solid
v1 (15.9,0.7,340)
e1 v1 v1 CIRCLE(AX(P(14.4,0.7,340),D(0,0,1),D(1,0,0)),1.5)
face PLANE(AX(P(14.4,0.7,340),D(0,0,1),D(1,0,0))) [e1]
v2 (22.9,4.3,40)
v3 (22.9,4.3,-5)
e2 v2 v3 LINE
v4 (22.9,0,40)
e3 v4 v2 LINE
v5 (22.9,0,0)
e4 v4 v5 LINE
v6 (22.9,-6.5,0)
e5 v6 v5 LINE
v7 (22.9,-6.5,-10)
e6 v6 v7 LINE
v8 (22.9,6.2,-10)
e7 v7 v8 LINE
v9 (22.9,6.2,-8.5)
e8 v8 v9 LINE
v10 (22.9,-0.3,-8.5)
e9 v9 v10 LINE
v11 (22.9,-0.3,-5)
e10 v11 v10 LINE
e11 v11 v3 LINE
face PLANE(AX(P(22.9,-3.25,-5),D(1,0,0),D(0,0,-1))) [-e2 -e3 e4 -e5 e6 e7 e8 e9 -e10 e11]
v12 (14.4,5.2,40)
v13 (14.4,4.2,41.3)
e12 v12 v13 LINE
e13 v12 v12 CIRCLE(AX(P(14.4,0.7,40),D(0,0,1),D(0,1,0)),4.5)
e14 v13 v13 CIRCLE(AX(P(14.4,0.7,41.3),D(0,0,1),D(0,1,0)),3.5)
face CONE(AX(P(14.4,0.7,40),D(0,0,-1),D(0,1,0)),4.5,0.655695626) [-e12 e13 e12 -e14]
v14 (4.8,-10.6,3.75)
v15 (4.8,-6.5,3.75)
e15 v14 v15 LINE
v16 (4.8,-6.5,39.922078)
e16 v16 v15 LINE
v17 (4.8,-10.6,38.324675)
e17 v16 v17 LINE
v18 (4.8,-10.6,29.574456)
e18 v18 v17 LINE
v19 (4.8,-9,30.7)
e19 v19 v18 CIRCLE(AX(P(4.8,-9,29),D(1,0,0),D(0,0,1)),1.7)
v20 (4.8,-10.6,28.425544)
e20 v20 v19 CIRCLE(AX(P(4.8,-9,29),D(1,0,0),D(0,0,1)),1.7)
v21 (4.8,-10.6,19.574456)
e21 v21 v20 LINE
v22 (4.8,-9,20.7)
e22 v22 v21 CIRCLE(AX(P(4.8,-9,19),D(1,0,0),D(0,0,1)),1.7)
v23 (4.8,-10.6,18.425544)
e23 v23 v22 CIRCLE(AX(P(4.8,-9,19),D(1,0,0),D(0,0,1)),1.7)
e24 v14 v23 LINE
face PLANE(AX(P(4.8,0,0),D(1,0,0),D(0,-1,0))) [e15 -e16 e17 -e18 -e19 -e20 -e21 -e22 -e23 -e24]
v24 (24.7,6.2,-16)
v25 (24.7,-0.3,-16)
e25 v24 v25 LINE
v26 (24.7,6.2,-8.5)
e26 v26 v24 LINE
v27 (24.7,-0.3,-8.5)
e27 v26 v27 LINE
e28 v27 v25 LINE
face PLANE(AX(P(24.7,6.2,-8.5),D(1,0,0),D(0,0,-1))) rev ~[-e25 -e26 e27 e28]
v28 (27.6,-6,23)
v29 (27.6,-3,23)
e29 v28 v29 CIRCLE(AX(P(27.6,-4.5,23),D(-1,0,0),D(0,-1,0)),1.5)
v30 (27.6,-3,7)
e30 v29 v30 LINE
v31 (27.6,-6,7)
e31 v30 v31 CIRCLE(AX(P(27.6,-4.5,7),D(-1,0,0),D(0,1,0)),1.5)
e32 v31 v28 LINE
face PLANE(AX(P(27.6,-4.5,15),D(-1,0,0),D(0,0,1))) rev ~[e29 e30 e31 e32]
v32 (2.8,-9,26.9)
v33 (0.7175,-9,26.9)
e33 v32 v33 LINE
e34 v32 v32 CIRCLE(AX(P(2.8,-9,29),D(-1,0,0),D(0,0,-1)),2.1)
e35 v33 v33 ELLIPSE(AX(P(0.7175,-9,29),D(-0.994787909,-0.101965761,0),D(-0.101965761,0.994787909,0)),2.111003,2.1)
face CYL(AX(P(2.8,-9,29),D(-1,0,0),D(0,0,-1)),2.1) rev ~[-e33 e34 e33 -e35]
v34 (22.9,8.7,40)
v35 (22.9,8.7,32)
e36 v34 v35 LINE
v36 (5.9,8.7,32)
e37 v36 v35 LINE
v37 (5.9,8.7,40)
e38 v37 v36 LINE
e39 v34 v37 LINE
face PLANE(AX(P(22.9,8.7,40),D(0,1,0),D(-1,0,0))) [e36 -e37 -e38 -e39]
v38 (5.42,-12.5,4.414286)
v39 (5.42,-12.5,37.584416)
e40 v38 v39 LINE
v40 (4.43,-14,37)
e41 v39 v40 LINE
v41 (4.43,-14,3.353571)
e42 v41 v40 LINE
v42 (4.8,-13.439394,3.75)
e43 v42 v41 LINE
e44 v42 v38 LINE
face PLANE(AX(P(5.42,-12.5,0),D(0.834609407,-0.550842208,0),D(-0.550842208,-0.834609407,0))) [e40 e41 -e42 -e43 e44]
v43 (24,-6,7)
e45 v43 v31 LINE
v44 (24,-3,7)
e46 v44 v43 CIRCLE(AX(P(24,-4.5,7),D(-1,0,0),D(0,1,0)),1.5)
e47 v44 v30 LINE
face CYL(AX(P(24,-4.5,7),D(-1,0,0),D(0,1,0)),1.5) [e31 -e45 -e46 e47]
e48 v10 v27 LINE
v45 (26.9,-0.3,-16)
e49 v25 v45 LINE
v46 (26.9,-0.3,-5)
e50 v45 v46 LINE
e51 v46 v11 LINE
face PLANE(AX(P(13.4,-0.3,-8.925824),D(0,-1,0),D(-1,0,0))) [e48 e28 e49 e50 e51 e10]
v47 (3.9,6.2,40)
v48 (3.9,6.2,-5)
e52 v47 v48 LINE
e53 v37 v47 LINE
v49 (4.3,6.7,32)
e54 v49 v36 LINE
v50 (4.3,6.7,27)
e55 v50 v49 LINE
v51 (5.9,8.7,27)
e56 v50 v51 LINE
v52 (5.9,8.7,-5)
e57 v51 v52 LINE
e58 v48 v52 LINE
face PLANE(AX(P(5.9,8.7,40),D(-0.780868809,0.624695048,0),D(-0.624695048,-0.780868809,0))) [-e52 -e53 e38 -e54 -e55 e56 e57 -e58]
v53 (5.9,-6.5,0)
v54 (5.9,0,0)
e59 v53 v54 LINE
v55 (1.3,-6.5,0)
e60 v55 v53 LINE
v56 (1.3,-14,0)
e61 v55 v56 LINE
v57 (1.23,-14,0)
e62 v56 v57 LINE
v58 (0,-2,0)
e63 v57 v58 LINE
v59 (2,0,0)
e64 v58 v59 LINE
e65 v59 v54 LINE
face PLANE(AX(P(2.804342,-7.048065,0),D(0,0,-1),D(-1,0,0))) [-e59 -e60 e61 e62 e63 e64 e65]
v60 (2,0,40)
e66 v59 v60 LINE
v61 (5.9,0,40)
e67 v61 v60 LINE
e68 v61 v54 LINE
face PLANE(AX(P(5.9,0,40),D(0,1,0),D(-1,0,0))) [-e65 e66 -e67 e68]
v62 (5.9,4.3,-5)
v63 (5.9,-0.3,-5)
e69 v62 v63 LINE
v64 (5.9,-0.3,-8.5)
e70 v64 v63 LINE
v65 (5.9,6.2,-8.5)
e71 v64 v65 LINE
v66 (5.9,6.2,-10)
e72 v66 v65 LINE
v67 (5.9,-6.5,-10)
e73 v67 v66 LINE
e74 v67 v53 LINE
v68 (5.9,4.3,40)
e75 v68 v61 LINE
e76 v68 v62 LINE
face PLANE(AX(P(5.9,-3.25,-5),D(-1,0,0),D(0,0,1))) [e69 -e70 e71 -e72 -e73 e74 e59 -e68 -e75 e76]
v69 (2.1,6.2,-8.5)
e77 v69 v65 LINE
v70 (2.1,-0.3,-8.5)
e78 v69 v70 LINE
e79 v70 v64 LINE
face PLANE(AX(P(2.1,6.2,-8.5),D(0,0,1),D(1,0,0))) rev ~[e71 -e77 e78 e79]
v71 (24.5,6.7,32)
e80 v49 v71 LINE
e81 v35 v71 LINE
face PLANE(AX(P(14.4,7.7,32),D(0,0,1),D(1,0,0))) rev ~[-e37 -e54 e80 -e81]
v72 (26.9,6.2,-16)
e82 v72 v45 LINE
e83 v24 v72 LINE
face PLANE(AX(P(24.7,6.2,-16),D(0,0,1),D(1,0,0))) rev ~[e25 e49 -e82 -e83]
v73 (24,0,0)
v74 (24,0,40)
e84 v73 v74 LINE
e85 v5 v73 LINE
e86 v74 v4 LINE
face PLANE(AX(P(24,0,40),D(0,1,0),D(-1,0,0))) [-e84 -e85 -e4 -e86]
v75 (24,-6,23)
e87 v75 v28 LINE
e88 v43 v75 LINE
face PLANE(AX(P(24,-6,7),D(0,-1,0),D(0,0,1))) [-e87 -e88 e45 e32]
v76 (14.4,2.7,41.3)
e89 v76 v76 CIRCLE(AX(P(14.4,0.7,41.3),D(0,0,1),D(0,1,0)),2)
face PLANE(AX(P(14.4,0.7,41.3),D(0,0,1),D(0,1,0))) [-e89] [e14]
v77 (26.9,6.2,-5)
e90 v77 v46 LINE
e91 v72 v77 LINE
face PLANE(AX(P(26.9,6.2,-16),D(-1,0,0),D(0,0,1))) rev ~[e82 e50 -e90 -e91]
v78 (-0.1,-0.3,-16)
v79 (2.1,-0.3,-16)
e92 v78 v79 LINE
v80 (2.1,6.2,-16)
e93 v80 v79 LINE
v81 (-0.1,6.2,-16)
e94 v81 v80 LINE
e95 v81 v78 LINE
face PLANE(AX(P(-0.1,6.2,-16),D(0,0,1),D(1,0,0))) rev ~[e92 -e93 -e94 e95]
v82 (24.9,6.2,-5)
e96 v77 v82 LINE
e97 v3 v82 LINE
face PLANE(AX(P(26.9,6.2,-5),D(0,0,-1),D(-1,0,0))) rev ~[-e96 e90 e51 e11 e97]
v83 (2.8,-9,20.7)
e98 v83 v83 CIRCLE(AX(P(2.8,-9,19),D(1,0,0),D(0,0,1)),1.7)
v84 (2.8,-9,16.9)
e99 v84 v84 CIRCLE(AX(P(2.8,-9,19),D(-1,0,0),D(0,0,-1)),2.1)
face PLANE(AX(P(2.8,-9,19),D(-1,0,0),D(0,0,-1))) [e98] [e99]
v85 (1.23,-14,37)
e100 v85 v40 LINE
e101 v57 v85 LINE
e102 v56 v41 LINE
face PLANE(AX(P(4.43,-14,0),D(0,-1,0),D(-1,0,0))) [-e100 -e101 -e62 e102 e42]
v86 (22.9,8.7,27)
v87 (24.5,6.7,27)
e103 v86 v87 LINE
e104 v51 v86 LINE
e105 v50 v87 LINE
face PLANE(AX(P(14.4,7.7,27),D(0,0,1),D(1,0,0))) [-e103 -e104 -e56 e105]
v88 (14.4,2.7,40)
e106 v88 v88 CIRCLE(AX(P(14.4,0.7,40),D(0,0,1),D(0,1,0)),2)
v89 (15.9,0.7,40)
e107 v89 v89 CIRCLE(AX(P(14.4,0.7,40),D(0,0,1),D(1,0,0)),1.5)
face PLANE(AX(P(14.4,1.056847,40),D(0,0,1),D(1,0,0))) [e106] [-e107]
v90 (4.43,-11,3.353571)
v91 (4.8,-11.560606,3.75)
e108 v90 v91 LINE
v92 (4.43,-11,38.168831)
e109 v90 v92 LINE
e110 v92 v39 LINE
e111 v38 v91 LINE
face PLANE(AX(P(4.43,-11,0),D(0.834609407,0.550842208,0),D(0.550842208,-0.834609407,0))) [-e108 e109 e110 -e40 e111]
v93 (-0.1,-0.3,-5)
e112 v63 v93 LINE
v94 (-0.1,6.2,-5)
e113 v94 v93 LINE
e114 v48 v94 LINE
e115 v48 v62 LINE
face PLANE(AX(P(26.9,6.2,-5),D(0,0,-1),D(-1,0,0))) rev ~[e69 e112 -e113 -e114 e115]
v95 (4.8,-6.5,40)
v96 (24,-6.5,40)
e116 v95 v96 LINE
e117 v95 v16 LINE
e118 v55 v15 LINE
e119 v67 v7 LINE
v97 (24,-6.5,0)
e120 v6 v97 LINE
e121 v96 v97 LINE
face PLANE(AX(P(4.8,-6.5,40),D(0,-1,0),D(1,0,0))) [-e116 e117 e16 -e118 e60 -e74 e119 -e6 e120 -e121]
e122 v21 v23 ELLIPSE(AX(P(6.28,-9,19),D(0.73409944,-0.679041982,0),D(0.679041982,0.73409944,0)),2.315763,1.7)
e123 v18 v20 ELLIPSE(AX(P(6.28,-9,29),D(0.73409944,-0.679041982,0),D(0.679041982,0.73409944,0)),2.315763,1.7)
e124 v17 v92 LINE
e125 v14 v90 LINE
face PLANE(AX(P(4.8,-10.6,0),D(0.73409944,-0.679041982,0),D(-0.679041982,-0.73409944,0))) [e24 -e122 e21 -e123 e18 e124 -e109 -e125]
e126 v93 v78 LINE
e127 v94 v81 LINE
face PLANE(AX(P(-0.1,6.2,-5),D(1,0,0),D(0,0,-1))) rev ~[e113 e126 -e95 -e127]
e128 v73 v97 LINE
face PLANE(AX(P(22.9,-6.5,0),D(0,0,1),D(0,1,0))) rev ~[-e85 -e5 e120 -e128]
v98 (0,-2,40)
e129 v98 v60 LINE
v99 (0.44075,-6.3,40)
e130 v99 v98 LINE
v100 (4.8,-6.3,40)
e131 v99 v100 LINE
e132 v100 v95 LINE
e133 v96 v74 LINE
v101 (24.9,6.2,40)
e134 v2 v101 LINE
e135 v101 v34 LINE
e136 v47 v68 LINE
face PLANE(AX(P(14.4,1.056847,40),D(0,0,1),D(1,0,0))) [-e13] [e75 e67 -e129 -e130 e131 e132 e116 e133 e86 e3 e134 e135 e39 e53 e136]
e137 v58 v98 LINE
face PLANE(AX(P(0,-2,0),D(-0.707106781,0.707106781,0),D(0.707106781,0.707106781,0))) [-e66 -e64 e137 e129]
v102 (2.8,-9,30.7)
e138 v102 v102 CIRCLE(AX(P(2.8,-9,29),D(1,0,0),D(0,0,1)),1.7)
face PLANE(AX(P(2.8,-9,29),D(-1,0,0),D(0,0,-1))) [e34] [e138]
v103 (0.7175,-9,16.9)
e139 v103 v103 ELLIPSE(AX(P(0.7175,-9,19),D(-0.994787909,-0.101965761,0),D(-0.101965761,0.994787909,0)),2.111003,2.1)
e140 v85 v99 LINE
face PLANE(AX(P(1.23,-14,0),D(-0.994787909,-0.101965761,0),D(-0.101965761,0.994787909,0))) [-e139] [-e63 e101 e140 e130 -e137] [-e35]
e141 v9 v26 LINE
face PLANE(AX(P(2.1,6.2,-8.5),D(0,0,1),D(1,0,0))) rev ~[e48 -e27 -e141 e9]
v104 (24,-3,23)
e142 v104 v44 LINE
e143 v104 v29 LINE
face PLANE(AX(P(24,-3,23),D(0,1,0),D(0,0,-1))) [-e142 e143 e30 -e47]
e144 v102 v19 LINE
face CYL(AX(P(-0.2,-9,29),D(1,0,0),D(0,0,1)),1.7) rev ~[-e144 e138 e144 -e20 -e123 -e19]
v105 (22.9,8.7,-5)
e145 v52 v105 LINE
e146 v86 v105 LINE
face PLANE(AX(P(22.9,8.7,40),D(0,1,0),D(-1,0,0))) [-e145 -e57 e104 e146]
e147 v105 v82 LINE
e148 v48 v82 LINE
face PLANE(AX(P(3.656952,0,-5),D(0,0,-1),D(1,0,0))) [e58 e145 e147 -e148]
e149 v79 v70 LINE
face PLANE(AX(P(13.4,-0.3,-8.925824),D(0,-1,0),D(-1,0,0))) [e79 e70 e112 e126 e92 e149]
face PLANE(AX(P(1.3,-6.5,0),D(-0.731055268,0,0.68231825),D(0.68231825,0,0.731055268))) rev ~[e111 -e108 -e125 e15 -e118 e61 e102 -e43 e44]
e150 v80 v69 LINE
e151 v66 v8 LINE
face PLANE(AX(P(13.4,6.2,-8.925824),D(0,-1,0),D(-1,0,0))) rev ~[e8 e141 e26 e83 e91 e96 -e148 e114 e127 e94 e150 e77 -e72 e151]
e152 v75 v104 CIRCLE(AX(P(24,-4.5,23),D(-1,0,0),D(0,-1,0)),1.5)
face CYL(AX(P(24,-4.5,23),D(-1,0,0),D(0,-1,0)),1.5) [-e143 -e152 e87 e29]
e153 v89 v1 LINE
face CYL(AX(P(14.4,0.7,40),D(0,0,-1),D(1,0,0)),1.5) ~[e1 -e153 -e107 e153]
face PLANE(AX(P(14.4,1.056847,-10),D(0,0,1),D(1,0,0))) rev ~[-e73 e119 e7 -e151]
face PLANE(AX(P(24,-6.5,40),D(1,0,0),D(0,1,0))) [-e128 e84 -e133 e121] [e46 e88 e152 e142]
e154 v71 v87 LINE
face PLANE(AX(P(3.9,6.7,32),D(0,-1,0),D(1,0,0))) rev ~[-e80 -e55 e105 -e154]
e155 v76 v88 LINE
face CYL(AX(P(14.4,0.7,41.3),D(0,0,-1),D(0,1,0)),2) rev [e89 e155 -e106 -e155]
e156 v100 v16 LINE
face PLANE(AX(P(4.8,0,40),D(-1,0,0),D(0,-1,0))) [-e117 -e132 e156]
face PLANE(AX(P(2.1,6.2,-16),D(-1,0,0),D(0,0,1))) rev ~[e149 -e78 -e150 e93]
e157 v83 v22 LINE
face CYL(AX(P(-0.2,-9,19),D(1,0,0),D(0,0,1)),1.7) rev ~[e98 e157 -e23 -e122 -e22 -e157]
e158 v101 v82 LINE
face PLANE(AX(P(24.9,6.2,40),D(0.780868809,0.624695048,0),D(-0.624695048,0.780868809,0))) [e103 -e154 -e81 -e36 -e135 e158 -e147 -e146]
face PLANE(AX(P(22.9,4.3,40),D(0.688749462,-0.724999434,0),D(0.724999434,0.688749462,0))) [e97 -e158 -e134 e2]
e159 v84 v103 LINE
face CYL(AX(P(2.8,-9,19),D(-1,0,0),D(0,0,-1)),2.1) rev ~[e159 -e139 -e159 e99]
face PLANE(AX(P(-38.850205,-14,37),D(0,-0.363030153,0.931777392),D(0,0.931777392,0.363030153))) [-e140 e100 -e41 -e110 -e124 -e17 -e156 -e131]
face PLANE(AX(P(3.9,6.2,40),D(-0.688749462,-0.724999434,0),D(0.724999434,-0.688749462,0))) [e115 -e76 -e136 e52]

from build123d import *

# Parameters (mm, degrees)
BOSS_EXTRU_1_DEPTH                                 = 40
ENL_V_MAT_EXTRU_1_DEPTH                            = 43.650205158
ENL_V_MAT_EXTRU_1_DEPTH_BACK                       = 43.650205158
ENL_V_MAT_EXTRU_3_DEPTH                            = 40
CHAMBRAGE_POUR_VIS_T_TE_HEXAGONALE_M31_D           = 3.4
CHAMBRAGE_POUR_VIS_T_TE_HEXAGONALE_M31_CBORE_D     = 4.2
CHAMBRAGE_POUR_VIS_T_TE_HEXAGONALE_M31_CBORE_DEPTH = 3
ESQUISSE6_W                                        = 7.050171065
ESQUISSE6_H                                        = 7.359112957
ENL_V_MAT_EXTRU_4_DEPTH                            = 10
BOSS_EXTRU_2_DEPTH                                 = 50
ESQUISSE9_W                                        = 5
ESQUISSE9_H                                        = 2.5
ENL_V_MAT_EXTRU_5_DEPTH                            = 51.216531143
ESQUISSE11_W                                       = 2
ESQUISSE11_H                                       = 5
ESQUISSE11_W_2                                     = 2.243048
ENL_V_MAT_EXTRU_6_DEPTH                            = 10
ESQUISSE13_W                                       = 10
ESQUISSE13_H                                       = 6.5
ENL_V_MAT_EXTRU_7_DEPTH                            = 6.5
ESQUISSE14_W                                       = 10
ESQUISSE14_H                                       = 6.5
ENL_V_MAT_EXTRU_8_DEPTH                            = 6.5
BOSS_EXTRU_3_DEPTH                                 = 6.5
ESQUISSE15_W                                       = 21
ESQUISSE15_H                                       = 2
ENL_V_MAT_EXTRU_9_DEPTH                            = 5
BOSS_EXTRU_4_DEPTH                                 = 3.6
ESQUISSE17_R                                       = 1.5
BOSS_EXTRU_5_DEPTH                                 = 300


with BuildPart() as part:
    # Esquisse1 → Boss.-Extru.1 (new body)
    with BuildSketch(Plane.XY):
        Polygon((0, -2), (2, 0), (4.8, 0), (4.8, -10.6), (4.43, -11), (5.42, -12.5), (4.43, -14), (1.23, -14), align=None)
    extrude(amount=BOSS_EXTRU_1_DEPTH)

    # Esquisse2 → Enlèv. mat.-Extru.1 (cut, two sides: drawn at the far end of the back side and taken through both)
    with BuildSketch(Plane(origin=(4.8, 0, 0), x_dir=(0, 0, -1), z_dir=(1, 0, 0)).offset(-ENL_V_MAT_EXTRU_1_DEPTH_BACK)):
        Polygon((-37, -14), (-40, -6.3), (-40, -14), align=None)
    extrude(amount=ENL_V_MAT_EXTRU_1_DEPTH + ENL_V_MAT_EXTRU_1_DEPTH_BACK, mode=Mode.SUBTRACT)

    # Esquisse3 → Enlèv. mat.-Extru.3 (cut)
    with BuildSketch(Plane(origin=(0, -6.5, 0), x_dir=(-1, 0, 0), z_dir=(0, 1, 0))):
        Polygon((-5.706792822, 0), (-1.3, 0), (-4.8, 3.75), (-5.706792822, 3.75), align=None)
    extrude(amount=-ENL_V_MAT_EXTRU_3_DEPTH, mode=Mode.SUBTRACT)

    # Chambrage pour vis à tête hexagonale M31 (through all)
    with Locations(Plane(origin=(-0.2, 2.258699511, 74.572212386), x_dir=(0, 0, -1), z_dir=(-1, 0, 0))):
        with Locations((55.572212386, 11.258699511), (45.572212386, 11.258699511)):
            CounterBoreHole(CHAMBRAGE_POUR_VIS_T_TE_HEXAGONALE_M31_D / 2, CHAMBRAGE_POUR_VIS_T_TE_HEXAGONALE_M31_CBORE_D / 2, CHAMBRAGE_POUR_VIS_T_TE_HEXAGONALE_M31_CBORE_DEPTH)

    # Esquisse6 → Enlèv. mat.-Extru.4 (cut)
    with BuildSketch(Plane(origin=(0.694774347, 0, -0.648456057), x_dir=(-0.6823182503600115, 0, -0.7310552682428687), z_dir=(0.7310552682428687, 0, -0.6823182503600115))):
        with Locations((-6.596251813, -11.630248497)):
            Rectangle(ESQUISSE6_W, ESQUISSE6_H)
    extrude(amount=ENL_V_MAT_EXTRU_4_DEPTH, mode=Mode.SUBTRACT)

    # Esquisse7 → Boss.-Extru.2 (add)
    with BuildSketch(Plane.XY.offset(40)):
        Polygon((4.8, -6.5), (24, -6.5), (24, 0), (22.9, 0), (22.9, 4.3), (24.9, 6.2), (22.9, 8.7), (5.9, 8.7), (3.9, 6.2), (5.9, 4.3), (5.9, 0), (4.8, 0), align=None)
    extrude(amount=-BOSS_EXTRU_2_DEPTH)

    # Esquisse8 → Révolution1 (revolve)
    with BuildSketch(Plane(origin=(14.4, 0, 0), x_dir=(0, 0, -1), z_dir=(1, 0, 0))):
        Polygon((-40, 5.2), (-41.3, 4.2), (-41.3, 2.7), (-40, 2.7), align=None)
    revolve(axis=Axis((14.4, 0.7, 31.308149913), (0, 0, 1)))

    # Esquisse9 → Enlèv. mat.-Extru.5 (cut, through all)
    with BuildSketch(Plane(origin=(0, 0, 0), x_dir=(0, 0, -1), z_dir=(1, 0, 0))):
        with Locations((7.5, 7.45)):
            Rectangle(ESQUISSE9_W, ESQUISSE9_H)
    extrude(amount=ENL_V_MAT_EXTRU_5_DEPTH, mode=Mode.SUBTRACT)

    # Esquisse11 → Enlèv. mat.-Extru.6 (cut)
    with BuildSketch(Plane(origin=(0, 0, 0), x_dir=(1, 0, 0), z_dir=(0, 1, 0))):
        with Locations((23.9, 7.5)):
            Rectangle(ESQUISSE11_W, ESQUISSE11_H)
        with Locations((4.778476, 7.5)):
            Rectangle(ESQUISSE11_W_2, ESQUISSE11_H)
    extrude(amount=ENL_V_MAT_EXTRU_6_DEPTH, mode=Mode.SUBTRACT)

    # Esquisse13 → Enlèv. mat.-Extru.7 (cut)
    with BuildSketch(Plane.ZY.offset(-5.9)):
        with Locations((-5, -3.25)):
            Rectangle(ESQUISSE13_W, ESQUISSE13_H)
    extrude(amount=ENL_V_MAT_EXTRU_7_DEPTH, mode=Mode.SUBTRACT)

    # Esquisse14 → Enlèv. mat.-Extru.8 (cut)
    with BuildSketch(Plane(origin=(22.9, 0, 0), x_dir=(0, 0, -1), z_dir=(1, 0, 0))):
        with Locations((5, -3.25)):
            Rectangle(ESQUISSE14_W, ESQUISSE14_H)
    extrude(amount=ENL_V_MAT_EXTRU_8_DEPTH, mode=Mode.SUBTRACT)

    # Esquisse10 → Boss.-Extru.3 (add)
    with BuildSketch(Plane(origin=(0, 6.2, 0), x_dir=(1, 0, 0), z_dir=(0, 1, 0))):
        Polygon((26.9, 5), (-0.1, 5), (-0.1, 16), (2.1, 16), (2.1, 8.5), (24.7, 8.5), (24.7, 16), (26.9, 16), align=None)
    extrude(amount=-BOSS_EXTRU_3_DEPTH)

    # Esquisse15 → Enlèv. mat.-Extru.9 (cut)
    with BuildSketch(Plane.XY.offset(32)):
        with Locations((14.4, 7.7)):
            Rectangle(ESQUISSE15_W, ESQUISSE15_H)
    extrude(amount=-ENL_V_MAT_EXTRU_9_DEPTH, mode=Mode.SUBTRACT)

    # Esquisse16 → Boss.-Extru.4 (add)
    with BuildSketch(Plane(origin=(24, 0, 0), x_dir=(0, 0, -1), z_dir=(1, 0, 0))):
        with BuildLine():
            Line((-7, -6), (-23, -6))
            ThreePointArc((-23, -6), (-24.5, -4.5), (-23, -3))
            Line((-23, -3), (-7, -3))
            ThreePointArc((-7, -3), (-5.5, -4.5), (-7, -6))
        make_face()
    extrude(amount=BOSS_EXTRU_4_DEPTH)

    # Esquisse17 → Boss.-Extru.5 (add)
    with BuildSketch(Plane.XY.offset(40)):
        with Locations((14.4, 0.7)):
            Circle(ESQUISSE17_R)
    extrude(amount=BOSS_EXTRU_5_DEPTH)


solid = part.part
